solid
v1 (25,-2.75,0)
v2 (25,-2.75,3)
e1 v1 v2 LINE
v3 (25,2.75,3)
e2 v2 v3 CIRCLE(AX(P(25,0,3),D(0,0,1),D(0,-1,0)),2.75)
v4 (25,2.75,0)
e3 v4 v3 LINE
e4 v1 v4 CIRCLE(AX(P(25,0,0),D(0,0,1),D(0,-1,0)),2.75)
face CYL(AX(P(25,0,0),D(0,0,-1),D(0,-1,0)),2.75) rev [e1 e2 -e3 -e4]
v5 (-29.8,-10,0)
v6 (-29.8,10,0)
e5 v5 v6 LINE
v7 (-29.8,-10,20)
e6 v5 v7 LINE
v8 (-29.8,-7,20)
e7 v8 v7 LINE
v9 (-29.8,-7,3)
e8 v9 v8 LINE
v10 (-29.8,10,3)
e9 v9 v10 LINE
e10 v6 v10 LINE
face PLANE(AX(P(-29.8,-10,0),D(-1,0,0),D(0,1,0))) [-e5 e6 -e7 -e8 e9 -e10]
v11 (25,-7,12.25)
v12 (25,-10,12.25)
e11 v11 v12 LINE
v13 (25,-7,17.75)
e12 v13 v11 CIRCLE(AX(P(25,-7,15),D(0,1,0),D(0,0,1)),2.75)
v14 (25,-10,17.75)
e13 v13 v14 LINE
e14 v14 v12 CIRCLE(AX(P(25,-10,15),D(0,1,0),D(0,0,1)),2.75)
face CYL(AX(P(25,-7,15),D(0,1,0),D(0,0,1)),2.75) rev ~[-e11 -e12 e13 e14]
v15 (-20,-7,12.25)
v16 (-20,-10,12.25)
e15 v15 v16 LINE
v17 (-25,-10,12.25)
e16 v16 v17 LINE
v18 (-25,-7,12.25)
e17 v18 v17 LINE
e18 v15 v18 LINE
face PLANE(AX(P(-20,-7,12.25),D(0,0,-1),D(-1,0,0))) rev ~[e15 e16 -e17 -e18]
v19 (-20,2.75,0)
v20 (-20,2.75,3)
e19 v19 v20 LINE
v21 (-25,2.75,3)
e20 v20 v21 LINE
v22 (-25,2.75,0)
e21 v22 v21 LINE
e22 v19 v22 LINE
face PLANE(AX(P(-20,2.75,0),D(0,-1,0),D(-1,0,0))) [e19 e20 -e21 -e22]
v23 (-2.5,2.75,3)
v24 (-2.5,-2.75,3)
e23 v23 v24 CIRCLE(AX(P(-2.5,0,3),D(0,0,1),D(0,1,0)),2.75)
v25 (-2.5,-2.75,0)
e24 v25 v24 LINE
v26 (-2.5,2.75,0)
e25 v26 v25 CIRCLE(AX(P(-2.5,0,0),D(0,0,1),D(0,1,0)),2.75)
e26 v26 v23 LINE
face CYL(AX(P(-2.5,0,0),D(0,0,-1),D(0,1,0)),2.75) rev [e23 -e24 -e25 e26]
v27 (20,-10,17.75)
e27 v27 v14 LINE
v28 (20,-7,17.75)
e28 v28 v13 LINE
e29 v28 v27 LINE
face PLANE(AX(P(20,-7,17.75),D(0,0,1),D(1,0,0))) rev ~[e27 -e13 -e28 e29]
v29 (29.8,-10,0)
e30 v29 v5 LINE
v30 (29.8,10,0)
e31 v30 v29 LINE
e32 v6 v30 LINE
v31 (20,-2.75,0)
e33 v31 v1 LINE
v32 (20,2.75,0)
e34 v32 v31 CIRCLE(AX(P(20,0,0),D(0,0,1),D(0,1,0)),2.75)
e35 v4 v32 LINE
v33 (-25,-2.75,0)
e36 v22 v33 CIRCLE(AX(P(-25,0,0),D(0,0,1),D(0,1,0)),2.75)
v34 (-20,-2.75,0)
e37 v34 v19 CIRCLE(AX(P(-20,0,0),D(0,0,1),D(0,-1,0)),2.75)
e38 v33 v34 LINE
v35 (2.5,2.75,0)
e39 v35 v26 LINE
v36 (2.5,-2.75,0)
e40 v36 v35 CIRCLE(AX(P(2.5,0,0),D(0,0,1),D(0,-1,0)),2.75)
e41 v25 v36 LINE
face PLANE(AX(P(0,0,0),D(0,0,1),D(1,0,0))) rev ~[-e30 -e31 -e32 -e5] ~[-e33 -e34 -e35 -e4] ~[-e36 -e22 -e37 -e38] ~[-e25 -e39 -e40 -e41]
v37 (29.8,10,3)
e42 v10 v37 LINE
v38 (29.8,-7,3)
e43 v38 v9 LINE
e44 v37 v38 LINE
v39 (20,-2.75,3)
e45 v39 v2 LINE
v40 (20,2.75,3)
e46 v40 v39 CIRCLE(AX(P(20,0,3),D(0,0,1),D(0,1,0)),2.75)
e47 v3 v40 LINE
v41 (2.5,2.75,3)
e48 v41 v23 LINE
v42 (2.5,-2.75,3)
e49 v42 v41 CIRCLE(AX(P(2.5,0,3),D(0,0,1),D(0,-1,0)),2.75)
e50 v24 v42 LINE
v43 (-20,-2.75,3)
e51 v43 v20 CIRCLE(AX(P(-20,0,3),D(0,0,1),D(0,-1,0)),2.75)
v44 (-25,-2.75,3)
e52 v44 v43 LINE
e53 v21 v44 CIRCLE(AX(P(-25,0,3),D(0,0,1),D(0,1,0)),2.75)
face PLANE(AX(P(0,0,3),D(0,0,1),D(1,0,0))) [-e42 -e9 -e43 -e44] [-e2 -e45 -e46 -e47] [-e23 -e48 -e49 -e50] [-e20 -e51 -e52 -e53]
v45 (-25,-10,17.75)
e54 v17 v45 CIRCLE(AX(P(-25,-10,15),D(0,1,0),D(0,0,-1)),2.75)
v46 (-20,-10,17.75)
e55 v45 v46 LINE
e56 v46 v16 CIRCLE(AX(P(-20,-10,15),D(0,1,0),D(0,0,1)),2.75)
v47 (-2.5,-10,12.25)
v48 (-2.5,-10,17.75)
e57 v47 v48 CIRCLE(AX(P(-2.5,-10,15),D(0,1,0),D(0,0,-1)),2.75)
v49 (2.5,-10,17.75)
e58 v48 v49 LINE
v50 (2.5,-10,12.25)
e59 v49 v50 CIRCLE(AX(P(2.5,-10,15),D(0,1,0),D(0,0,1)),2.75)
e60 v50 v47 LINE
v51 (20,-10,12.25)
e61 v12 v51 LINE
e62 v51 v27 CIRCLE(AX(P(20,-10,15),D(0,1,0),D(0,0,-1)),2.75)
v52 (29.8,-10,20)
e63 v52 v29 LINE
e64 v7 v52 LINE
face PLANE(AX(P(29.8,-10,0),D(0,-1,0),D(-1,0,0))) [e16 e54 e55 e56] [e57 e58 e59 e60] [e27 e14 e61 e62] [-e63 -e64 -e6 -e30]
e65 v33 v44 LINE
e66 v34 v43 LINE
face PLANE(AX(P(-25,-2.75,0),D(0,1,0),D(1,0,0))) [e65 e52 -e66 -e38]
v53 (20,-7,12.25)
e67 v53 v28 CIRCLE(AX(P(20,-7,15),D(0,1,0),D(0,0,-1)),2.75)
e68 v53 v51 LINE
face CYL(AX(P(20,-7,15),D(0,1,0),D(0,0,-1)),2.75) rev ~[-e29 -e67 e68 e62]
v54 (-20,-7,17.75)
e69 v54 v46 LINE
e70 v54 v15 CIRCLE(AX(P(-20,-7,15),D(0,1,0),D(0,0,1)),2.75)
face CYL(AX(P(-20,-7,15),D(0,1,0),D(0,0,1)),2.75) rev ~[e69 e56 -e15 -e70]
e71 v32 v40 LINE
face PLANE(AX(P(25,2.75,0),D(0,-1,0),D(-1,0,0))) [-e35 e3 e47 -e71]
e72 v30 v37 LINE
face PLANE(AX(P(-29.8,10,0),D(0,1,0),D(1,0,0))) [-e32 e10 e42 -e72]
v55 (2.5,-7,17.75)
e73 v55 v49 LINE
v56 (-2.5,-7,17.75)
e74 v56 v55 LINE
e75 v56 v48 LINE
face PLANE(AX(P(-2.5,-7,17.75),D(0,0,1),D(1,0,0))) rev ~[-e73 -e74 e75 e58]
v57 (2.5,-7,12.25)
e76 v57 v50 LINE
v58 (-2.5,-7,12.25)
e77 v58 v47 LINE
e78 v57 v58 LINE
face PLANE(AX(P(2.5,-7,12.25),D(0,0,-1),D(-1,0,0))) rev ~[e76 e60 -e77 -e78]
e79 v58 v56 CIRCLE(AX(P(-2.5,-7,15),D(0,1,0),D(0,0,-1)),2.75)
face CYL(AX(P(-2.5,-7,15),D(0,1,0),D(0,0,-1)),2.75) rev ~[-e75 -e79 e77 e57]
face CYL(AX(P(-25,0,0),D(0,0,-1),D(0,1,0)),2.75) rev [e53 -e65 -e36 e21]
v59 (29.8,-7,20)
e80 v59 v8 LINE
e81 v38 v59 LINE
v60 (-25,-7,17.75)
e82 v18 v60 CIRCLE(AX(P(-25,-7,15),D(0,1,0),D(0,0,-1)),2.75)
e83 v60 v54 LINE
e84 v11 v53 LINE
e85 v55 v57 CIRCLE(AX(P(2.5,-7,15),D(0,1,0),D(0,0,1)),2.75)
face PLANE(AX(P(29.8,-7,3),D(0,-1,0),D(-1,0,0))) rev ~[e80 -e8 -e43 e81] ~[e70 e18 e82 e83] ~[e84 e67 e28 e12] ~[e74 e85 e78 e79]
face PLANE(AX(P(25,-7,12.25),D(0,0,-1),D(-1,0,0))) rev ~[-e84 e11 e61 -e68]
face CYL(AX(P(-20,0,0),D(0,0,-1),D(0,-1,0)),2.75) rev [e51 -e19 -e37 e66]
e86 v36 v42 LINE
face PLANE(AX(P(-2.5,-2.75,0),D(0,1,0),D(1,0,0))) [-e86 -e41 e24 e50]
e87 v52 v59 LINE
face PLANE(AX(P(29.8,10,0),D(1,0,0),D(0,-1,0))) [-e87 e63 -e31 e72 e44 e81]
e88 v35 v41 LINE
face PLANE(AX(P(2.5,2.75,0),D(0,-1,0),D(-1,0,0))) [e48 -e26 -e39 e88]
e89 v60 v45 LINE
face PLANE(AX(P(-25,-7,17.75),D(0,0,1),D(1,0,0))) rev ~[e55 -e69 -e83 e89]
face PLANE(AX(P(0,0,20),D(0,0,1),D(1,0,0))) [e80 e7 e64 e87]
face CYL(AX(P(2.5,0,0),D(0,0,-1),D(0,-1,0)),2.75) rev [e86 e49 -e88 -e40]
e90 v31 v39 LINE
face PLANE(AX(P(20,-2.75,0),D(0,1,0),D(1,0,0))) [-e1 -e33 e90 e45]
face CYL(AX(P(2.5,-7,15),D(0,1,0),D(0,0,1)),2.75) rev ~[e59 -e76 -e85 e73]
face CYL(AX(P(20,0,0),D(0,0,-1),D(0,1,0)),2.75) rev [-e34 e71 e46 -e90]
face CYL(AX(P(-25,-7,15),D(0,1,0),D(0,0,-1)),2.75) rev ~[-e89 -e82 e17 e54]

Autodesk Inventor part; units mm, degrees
ref_plane "YZ Plane" through (0, 0, 0) normal (1, 0, 0) x (0, 1, 0)
ref_plane "XZ Plane" through (0, 0, 0) normal (0, 1, 0) x (-1, 0, 0)
ref_plane "XY Plane" through (0, 0, 0) normal (0, 0, 1) x (1, 0, 0)
sketch "Sketch1" plane through (0, 0, 0) normal (0, 0, 1) x (1, 0, 0)
  line L0 (-29.8, 10) -> (29.8, 10)
  line L1 (29.8, 10) -> (29.8, -10)
  line L2 (29.8, -10) -> (-29.8, -10)
  line L3 (-29.8, -10) -> (-29.8, 10)
  line L4 (0, 10) -> (0, -10) construction
  line L5 (-29.8, 0) -> (29.8, 0) construction
  line L6 (-2.5, 0) -> (2.5, 0) construction
  line L7 (-2.5, -2.75) -> (2.5, -2.75)
  line L8 (2.5, 2.75) -> (-2.5, 2.75)
  arc A0 (-2.5, 2.75) -> (-2.5, -2.75) centre (-2.5, 0) ccw
  arc A1 (2.5, -2.75) -> (2.5, 2.75) centre (2.5, 0) ccw
  line L9 (-25, 0) -> (-20, 0) construction
  line L10 (-25, -2.75) -> (-20, -2.75)
  line L11 (-20, 2.75) -> (-25, 2.75)
  arc A2 (-25, 2.75) -> (-25, -2.75) centre (-25, 0) ccw
  arc A3 (-20, -2.75) -> (-20, 2.75) centre (-20, 0) ccw
  line L12 (20, 0) -> (25, 0) construction
  line L13 (20, -2.75) -> (25, -2.75)
  line L14 (25, 2.75) -> (20, 2.75)
  arc A4 (20, 2.75) -> (20, -2.75) centre (20, 0) ccw
  arc A5 (25, -2.75) -> (25, 2.75) centre (25, 0) ccw
  point P0 (0, 0)
  point P1 (0, 0)
  point P2 (0, 0)
  point P3 (-22.5, 0)
  point P4 (22.5, 0)
  dimension "d0" = 20
  dimension "d1" = 59.6
  dimension "d17" = 5
  dimension "d18" = 5.5
  dimension "d19" = 5.5
  dimension "d20" = 5
  dimension "d21" = 5.5
  dimension "d22" = 5
  dimension "d23" = 22.5
  dimension "d24" = 22.5
extrude "Extrusion1" add sketch "Sketch1" along normal blind 3
sketch "Sketch2" plane through (0, 0, 3) normal (0, 0, 1) x (1, 0, 0)
  line L0 (29.8, -10) -> (29.8, 10) projected
  line L1 (-29.8, -10) -> (29.8, -10)
  line L2 (29.8, -10) -> (29.8, -7)
  line L3 (29.8, -7) -> (-29.8, -7)
  line L4 (-29.8, -7) -> (-29.8, -10)
  point P0 (0, 0)
  dimension "d7" = 3
extrude "Extrusion2" add sketch "Sketch2" along normal blind 17
sketch "Sketch3" plane through (-29.8, -7, 3) normal (0, 1, 0) x (1, 0, 0)
  line L0 (0, 0) -> (0, -17) projected
  line L1 (59.6, -17) -> (0, -17) projected
  line L2 (59.6, 0) -> (59.6, -17) projected
  line L3 (0, -12) -> (59.6, -12) construction
  line L4 (0, 0) -> (59.6, 0) projected
  line L5 (29.8, 0) -> (29.8, -17) construction
  line L6 (27.3, -12) -> (32.3, -12) construction
  line L7 (27.3, -14.75) -> (32.3, -14.75)
  line L8 (32.3, -9.25) -> (27.3, -9.25)
  arc A0 (27.3, -9.25) -> (27.3, -14.75) centre (27.3, -12) ccw
  arc A1 (32.3, -14.75) -> (32.3, -9.25) centre (32.3, -12) ccw
  line L9 (4.8, -12) -> (9.8, -12) construction
  line L10 (4.8, -14.75) -> (9.8, -14.75)
  line L11 (9.8, -9.25) -> (4.8, -9.25)
  arc A2 (4.8, -9.25) -> (4.8, -14.75) centre (4.8, -12) ccw
  arc A3 (9.8, -14.75) -> (9.8, -9.25) centre (9.8, -12) ccw
  line L12 (49.8, -12) -> (54.8, -12) construction
  line L13 (49.8, -14.75) -> (54.8, -14.75)
  line L14 (54.8, -9.25) -> (49.8, -9.25)
  arc A4 (49.8, -9.25) -> (49.8, -14.75) centre (49.8, -12) ccw
  arc A5 (54.8, -14.75) -> (54.8, -9.25) centre (54.8, -12) ccw
  point P0 (29.8, 3)
  point P1 (29.8, -12)
  point P2 (29.8, -12)
  point P3 (7.3, -12)
  point P4 (52.3, -12)
  dimension "d12" = 5
  dimension "d25" = 5
  dimension "d26" = 5.5
  dimension "d27" = 5
  dimension "d28" = 5.5
  dimension "d29" = 5
  dimension "d30" = 5.5
  dimension "d31" = 22.5
  dimension "d32" = 22.5
extrude "Extrusion3" cut sketch "Sketch3" against normal up to surface (3 mm away) contours A0 L8 A1 L7 | A2 L11 A3 L10 | A4 L14 A5 L13
properties part number "L bracket triple"
